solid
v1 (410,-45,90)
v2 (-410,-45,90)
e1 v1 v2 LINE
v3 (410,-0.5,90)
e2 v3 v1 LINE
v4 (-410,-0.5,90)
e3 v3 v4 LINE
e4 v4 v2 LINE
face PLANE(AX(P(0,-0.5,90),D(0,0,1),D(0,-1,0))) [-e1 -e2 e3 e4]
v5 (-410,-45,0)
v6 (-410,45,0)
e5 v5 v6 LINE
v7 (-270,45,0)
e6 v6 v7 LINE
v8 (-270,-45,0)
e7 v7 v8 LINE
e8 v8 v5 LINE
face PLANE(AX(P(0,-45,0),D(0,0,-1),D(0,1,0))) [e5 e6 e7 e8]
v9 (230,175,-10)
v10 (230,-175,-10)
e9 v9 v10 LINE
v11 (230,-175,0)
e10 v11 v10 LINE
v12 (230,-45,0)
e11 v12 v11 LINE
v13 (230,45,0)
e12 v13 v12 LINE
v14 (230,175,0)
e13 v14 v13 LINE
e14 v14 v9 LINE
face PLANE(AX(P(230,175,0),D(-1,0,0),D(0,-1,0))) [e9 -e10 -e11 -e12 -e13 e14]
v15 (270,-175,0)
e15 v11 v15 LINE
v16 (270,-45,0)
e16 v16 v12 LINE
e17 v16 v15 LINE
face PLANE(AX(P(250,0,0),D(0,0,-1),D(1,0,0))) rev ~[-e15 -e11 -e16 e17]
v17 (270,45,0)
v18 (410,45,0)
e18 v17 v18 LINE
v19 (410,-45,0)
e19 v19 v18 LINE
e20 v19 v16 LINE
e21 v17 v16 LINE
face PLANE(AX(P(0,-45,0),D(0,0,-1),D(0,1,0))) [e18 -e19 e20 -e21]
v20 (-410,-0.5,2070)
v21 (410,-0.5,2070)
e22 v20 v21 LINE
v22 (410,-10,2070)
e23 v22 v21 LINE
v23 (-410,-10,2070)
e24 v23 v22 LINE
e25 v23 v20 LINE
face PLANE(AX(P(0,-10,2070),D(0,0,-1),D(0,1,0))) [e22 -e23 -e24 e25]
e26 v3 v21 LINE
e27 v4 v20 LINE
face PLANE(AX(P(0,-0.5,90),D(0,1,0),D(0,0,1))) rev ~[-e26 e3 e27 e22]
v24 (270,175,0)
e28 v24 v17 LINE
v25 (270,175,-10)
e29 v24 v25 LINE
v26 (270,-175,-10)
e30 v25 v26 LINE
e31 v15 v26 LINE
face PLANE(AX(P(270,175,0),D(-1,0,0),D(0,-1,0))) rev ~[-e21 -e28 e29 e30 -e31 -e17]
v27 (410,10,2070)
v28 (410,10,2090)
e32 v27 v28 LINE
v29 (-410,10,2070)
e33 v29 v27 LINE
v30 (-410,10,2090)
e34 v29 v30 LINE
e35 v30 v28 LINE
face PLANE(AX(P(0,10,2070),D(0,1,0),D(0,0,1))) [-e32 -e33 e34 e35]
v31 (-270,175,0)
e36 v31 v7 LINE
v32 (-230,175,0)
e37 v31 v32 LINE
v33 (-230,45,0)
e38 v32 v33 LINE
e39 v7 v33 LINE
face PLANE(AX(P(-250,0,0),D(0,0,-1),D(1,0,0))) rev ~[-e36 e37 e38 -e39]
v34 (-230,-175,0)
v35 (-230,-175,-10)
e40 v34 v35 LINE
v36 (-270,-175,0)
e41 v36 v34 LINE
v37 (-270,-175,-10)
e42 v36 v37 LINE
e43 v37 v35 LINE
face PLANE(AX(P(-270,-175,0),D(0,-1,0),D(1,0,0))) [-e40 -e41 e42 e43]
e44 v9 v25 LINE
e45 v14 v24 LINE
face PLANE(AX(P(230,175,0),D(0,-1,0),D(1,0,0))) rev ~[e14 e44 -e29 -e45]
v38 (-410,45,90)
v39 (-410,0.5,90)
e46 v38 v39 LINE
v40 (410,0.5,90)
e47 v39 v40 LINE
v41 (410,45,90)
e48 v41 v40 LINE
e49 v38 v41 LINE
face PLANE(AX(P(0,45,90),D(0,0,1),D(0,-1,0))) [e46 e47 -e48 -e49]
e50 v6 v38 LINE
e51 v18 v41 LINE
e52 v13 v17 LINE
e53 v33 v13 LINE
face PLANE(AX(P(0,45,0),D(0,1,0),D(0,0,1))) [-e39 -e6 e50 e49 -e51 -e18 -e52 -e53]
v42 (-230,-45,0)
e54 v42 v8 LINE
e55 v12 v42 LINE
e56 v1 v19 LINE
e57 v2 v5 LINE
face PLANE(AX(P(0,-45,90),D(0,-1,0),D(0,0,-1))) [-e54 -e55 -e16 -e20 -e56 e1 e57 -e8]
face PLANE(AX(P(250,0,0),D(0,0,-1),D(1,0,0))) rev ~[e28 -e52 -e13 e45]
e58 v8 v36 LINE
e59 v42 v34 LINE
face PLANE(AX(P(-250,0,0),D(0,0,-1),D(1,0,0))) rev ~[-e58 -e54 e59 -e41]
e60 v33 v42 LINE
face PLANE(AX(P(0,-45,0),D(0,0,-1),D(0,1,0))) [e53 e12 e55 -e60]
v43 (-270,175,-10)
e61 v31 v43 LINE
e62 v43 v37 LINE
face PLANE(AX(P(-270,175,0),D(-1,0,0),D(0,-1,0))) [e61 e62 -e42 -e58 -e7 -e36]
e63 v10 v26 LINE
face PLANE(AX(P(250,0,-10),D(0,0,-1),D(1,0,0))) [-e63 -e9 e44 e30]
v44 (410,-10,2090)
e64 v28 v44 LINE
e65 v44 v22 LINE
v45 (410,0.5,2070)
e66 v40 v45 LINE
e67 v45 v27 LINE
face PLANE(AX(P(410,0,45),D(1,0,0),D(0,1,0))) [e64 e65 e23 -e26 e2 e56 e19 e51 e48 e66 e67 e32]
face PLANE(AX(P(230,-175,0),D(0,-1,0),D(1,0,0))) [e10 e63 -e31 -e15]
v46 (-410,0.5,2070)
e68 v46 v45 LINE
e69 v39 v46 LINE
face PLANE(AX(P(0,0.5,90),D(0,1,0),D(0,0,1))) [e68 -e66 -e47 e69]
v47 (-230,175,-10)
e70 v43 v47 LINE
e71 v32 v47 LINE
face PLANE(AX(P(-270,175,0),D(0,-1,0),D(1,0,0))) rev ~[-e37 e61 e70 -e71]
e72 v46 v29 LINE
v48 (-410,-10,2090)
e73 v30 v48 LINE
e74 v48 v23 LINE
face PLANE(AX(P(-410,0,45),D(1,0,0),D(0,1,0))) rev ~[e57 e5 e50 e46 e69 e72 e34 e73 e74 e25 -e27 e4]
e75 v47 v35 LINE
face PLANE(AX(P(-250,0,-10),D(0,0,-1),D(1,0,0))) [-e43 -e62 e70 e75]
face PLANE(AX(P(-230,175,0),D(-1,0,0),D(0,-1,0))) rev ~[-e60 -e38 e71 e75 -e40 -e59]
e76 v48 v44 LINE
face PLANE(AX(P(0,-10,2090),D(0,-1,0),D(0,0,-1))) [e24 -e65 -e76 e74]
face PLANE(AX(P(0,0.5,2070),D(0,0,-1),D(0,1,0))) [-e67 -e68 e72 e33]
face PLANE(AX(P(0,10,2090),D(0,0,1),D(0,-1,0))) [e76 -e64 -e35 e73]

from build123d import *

# Parameters (mm, degrees)
F0_W          = 1
F0_H          = 1980
F1_DEPTH      = 410
F1_DEPTH_BACK = 410
F2_W          = 40
F2_H          = 350
F3_DEPTH      = 10


with BuildPart() as f1:
    # F0 (on Right) → F1 (new body, two sides)
    with BuildSketch(Plane.YZ) as f1_sk:
        Polygon((-45, 0), (45, 0), (45, 90), (0.5, 90), (-0.5, 90), (-45, 90), align=None)
        with Locations((0, 1080)):
            Rectangle(F0_W, F0_H)
        Polygon((-0.5, 2070), (0.5, 2070), (10, 2070), (10, 2090), (-10, 2090), (-10, 2070), align=None)
    extrude(amount=F1_DEPTH)
    extrude(f1_sk.sketch, amount=-F1_DEPTH_BACK)

    # F2 (on face) → F3 (join)
    with BuildSketch(Plane(origin=(0, 0, 0), x_dir=(1, 0, 0), z_dir=(0, 0, -1))):
        with Locations((-250, 0)):
            Rectangle(F2_W, F2_H)
        with Locations((250, 0)):
            Rectangle(F2_W, F2_H)
    extrude(amount=F3_DEPTH)


solid = f1.part
